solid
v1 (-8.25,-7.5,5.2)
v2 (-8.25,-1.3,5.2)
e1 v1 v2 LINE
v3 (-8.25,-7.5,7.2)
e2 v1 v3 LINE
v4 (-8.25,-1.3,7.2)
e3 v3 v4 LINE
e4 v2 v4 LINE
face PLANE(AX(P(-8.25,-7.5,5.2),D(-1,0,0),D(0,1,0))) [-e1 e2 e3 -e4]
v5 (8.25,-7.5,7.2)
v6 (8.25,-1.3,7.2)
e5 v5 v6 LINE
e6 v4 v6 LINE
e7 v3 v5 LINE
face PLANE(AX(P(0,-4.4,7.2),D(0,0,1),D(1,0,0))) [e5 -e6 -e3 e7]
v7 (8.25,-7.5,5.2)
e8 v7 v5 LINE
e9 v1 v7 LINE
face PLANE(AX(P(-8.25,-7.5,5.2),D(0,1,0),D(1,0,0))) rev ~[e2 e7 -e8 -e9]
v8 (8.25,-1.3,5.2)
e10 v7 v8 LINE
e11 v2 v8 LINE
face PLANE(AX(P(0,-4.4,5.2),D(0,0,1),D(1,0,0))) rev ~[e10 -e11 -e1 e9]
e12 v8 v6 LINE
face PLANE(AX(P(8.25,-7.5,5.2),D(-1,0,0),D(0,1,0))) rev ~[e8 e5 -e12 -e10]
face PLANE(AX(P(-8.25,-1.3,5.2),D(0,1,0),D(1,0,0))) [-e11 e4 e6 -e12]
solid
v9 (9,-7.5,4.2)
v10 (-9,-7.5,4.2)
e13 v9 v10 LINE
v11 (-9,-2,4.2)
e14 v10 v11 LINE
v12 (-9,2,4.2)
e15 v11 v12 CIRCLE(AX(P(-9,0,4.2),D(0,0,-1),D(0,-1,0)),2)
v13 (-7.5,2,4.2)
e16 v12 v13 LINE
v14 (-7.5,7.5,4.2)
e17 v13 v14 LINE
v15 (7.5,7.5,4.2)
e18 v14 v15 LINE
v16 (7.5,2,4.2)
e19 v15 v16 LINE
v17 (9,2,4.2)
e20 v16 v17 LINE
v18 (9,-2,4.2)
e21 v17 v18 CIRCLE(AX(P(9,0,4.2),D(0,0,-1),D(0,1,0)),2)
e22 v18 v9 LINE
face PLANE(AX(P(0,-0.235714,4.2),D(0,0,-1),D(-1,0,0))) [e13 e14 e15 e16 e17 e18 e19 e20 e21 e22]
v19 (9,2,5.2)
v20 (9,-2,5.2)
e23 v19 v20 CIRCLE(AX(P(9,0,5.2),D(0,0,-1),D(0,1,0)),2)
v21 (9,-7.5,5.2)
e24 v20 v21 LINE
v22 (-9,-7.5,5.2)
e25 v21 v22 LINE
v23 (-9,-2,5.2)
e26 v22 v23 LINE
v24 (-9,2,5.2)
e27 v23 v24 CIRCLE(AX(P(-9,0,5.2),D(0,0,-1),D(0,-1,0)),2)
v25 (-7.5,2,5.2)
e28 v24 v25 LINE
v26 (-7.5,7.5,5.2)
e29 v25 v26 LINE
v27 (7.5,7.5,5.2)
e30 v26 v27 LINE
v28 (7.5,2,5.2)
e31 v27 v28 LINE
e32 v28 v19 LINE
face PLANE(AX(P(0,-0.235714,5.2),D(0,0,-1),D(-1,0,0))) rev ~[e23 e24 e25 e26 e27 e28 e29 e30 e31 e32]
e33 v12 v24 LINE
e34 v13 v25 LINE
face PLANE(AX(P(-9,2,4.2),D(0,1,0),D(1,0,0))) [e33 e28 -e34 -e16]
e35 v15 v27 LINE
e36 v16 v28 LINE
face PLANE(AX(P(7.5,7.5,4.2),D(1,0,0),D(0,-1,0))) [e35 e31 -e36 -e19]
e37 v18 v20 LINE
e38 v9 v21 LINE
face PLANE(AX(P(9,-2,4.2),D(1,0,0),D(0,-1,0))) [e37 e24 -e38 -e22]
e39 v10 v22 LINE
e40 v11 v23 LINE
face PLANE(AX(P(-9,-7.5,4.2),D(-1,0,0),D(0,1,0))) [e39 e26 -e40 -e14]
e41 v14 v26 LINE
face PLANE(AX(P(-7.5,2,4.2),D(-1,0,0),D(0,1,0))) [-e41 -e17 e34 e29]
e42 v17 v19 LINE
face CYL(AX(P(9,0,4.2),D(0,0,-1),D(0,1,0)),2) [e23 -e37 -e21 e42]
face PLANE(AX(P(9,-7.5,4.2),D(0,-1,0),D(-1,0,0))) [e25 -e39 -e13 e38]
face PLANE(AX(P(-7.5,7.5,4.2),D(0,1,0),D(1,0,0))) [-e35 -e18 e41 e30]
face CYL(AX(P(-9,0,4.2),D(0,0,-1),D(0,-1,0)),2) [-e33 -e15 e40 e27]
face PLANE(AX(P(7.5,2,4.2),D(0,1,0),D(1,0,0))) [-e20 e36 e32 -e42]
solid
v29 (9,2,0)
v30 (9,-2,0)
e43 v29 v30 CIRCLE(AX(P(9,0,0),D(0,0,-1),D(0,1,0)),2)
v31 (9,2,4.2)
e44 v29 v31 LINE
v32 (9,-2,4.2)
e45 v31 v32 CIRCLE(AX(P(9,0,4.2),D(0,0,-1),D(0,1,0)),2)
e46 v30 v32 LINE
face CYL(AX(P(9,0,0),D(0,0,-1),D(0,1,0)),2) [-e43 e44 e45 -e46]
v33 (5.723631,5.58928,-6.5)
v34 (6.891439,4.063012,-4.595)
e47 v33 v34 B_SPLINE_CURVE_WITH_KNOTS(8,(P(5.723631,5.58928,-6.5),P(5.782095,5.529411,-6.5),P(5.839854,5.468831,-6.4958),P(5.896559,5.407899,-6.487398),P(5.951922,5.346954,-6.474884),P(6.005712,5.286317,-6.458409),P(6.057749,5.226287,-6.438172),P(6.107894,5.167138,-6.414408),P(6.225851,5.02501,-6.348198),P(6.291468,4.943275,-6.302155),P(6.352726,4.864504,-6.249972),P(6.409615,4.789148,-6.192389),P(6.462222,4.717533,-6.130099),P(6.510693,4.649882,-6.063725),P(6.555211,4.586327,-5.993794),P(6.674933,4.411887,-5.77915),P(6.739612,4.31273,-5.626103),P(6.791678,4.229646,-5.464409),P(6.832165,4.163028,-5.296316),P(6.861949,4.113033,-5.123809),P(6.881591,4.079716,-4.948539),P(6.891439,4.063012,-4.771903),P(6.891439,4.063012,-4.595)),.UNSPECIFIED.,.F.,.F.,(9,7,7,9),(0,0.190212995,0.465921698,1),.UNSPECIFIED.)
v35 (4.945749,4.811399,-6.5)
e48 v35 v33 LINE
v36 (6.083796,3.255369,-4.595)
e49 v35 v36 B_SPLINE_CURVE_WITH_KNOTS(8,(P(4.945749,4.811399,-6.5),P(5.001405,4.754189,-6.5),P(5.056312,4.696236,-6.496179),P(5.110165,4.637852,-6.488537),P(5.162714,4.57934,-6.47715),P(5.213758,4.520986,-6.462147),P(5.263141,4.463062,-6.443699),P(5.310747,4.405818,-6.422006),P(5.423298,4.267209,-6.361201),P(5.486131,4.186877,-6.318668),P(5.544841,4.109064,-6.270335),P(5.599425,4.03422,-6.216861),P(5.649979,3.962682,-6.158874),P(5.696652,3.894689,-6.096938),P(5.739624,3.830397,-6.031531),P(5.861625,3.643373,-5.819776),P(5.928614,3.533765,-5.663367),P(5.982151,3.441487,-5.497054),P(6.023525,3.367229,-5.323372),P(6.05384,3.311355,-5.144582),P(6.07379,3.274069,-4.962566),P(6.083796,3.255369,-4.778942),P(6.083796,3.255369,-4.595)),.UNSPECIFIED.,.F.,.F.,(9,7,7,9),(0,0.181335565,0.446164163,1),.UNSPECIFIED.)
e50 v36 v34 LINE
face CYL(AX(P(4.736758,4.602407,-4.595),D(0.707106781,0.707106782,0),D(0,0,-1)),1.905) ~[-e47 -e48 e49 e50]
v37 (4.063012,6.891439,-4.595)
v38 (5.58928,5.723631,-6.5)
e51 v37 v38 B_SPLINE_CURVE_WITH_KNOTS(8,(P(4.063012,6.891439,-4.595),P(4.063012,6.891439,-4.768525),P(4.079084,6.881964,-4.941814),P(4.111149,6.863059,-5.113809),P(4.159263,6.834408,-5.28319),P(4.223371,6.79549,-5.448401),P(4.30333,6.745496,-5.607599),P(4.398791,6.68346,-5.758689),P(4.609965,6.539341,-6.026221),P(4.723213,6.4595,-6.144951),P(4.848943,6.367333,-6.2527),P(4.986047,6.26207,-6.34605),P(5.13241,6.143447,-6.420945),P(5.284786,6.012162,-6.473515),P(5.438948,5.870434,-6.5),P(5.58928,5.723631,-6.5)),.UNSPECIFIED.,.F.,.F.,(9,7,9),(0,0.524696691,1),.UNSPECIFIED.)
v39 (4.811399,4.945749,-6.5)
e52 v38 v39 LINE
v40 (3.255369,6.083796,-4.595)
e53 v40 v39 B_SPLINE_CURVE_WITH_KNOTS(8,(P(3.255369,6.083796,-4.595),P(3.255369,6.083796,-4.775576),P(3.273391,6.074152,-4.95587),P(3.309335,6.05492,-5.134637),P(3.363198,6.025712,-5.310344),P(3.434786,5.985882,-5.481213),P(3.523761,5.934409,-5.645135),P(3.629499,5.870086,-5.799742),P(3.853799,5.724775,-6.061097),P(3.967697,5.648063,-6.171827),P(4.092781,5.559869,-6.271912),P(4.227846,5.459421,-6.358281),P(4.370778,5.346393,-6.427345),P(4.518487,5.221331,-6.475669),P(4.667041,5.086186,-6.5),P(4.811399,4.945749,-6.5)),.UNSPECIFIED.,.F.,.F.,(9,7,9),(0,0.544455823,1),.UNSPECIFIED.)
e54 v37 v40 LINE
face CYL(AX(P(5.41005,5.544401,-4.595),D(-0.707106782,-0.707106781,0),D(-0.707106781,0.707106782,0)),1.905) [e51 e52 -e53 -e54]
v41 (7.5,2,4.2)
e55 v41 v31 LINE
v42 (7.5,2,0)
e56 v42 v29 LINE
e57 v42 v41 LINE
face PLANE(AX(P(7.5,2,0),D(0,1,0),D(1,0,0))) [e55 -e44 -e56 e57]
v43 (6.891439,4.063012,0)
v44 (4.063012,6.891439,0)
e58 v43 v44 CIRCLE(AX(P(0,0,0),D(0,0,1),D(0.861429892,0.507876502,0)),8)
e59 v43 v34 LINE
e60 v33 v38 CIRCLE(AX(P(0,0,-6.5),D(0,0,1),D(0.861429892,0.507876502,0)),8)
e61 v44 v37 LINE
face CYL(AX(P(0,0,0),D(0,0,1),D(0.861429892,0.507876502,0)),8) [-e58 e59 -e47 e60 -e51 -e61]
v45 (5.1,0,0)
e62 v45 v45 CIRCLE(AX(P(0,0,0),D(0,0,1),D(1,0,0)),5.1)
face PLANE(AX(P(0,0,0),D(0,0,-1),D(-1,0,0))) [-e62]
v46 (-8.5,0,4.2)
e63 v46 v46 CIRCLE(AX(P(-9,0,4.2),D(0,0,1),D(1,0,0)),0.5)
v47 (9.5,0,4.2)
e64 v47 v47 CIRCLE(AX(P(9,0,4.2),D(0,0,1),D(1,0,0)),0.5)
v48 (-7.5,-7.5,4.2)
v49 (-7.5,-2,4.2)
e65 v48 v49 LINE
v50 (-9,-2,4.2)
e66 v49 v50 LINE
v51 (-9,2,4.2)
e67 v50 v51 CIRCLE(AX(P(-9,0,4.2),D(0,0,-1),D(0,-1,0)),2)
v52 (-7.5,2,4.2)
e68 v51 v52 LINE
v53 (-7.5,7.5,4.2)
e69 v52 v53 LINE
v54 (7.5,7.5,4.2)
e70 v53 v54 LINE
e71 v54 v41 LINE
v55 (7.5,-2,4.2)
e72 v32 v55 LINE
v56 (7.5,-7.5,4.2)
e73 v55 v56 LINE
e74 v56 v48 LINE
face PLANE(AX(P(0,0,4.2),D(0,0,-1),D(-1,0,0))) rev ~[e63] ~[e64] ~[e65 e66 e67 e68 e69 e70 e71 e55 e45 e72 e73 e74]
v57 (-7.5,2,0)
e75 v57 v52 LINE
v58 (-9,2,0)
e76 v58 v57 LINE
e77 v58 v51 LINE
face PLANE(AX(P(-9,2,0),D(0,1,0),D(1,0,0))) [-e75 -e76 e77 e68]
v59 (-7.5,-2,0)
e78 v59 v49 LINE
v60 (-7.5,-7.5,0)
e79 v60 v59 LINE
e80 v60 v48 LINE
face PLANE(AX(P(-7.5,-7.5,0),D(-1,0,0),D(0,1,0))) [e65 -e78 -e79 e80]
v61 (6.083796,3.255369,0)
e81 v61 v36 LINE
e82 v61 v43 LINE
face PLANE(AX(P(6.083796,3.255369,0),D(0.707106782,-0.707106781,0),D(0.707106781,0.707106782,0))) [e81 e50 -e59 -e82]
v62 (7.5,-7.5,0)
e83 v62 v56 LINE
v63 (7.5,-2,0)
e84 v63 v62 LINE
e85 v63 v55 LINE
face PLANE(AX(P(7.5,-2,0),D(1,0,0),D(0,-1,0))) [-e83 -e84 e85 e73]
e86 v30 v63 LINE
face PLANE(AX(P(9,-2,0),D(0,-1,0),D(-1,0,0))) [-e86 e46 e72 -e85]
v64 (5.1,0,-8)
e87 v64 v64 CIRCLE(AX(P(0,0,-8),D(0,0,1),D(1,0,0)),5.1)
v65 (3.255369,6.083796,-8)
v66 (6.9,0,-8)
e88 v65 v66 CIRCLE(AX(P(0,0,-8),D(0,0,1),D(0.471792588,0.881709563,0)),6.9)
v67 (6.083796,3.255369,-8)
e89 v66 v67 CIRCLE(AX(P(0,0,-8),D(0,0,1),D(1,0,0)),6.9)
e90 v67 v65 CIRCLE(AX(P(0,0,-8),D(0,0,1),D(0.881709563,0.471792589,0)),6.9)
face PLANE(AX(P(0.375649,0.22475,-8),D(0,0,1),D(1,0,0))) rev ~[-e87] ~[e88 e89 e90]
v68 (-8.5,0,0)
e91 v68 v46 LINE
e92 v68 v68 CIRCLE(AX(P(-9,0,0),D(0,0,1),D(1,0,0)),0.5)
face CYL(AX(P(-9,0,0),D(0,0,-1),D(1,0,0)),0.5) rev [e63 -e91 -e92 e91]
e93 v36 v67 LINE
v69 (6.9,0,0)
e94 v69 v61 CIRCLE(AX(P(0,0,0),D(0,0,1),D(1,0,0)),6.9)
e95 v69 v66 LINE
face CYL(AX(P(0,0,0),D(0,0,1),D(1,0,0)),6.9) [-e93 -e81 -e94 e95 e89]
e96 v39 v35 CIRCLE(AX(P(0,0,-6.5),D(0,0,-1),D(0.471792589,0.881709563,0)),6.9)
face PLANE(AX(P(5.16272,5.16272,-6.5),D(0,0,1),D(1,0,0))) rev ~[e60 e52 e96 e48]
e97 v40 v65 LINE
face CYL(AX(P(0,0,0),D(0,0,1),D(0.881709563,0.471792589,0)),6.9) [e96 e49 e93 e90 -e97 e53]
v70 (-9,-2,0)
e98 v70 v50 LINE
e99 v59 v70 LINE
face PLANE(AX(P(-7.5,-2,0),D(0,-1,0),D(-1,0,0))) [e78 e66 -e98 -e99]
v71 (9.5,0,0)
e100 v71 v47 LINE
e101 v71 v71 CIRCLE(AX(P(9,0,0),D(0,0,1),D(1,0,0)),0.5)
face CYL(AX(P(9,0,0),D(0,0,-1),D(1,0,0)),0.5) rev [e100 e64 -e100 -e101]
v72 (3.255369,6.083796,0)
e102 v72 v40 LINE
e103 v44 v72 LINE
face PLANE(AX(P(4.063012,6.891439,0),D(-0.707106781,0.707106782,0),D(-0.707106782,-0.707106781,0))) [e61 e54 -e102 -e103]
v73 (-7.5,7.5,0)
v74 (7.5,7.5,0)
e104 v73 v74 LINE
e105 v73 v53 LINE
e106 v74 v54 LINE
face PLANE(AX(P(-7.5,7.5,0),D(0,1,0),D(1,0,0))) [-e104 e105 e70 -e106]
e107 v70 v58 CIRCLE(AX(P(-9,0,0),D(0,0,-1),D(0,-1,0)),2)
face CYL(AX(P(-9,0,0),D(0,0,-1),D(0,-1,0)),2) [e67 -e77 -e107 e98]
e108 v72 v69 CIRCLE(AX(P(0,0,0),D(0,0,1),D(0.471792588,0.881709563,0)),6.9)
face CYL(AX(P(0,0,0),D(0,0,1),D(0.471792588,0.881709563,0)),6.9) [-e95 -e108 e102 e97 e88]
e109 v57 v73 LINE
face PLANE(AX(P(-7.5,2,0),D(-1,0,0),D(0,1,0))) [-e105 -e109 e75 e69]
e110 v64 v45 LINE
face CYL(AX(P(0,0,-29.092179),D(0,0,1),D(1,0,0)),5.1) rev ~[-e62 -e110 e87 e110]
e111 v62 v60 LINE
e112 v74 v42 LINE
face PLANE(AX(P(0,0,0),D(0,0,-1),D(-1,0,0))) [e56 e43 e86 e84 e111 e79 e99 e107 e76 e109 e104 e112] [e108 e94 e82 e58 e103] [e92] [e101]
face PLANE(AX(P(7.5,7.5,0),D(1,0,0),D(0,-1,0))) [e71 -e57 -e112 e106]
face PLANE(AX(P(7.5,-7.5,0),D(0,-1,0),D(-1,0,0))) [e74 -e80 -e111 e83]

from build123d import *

# Parameters (mm, degrees)
BOSS_EXTRUDE1_DEPTH      = 8
BOSS_EXTRUDE2_DEPTH      = 6.5
FILLET1_R                = 1.905
TAP_DRILL_FOR_M12_TAP1_D = 10.2
SKETCH4_R                = 0.5
BOSS_EXTRUDE3_DEPTH      = 4.2
BOSS_EXTRUDE4_DEPTH      = 1
SKETCH6_W                = 16.5
SKETCH6_H                = 6.2
BOSS_EXTRUDE5_DEPTH      = 2


with BuildPart() as part:
    # Sketch1 → Boss-Extrude1 (new body)
    with BuildSketch(Plane.XY):
        with BuildLine():
            ThreePointArc((6.083795985, 3.25536886), (4.87903679, 4.87903679), (3.25536886, 6.083795985))
            ThreePointArc((3.25536886, 6.083795985), (-5.919123463, -3.545980461), (6.9, 0))
            ThreePointArc((6.9, 0), (6.692839169, 1.678065509), (6.083795985, 3.25536886))
        make_face()
    extrude(amount=-BOSS_EXTRUDE1_DEPTH)

    # Sketch1<3> → Boss-Extrude2 (add)
    with BuildSketch(Plane.XY):
        with BuildLine():
            Line((4.063012013, 6.891439137), (3.25536886, 6.083795985))
            ThreePointArc((3.25536886, 6.083795985), (4.87903679, 4.87903679), (6.083795985, 3.25536886))
            Line((6.083795985, 3.25536886), (6.891439137, 4.063012013))
            ThreePointArc((6.891439137, 4.063012013), (5.656854249, 5.656854249), (4.063012013, 6.891439137))
        make_face()
    extrude(amount=-BOSS_EXTRUDE2_DEPTH)

    # Fillet1
    fillet1_edges = [part.edges().sort_by_distance(p)[0] for p in [
        (3.659190436, 6.487617561, -6.5),
        (6.487617561, 3.659190436, -6.5),
    ]]
    fillet(fillet1_edges, radius=FILLET1_R)

    # Tap Drill for M12 Tap1 (through all)
    with Locations(Plane(origin=(0, 0, -8), x_dir=(-1, 0, 0), z_dir=(0, 0, -1))):
        with Locations((0, 0)):
            Hole(TAP_DRILL_FOR_M12_TAP1_D / 2)

    # Sketch4 → Boss-Extrude3 (add)
    with BuildSketch(Plane.XY):
        with BuildLine():
            Line((-7.5, 7.5), (7.5, 7.5))
            Line((7.5, 7.5), (7.5, 2))
            Line((7.5, 2), (9, 2))
            ThreePointArc((9, 2), (11, 0), (9, -2))
            Line((9, -2), (7.5, -2))
            Line((7.5, -2), (7.5, -7.5))
            Line((7.5, -7.5), (-7.5, -7.5))
            Line((-7.5, -7.5), (-7.5, -2))
            Line((-7.5, -2), (-9, -2))
            ThreePointArc((-9, -2), (-11, 0), (-9, 2))
            Line((-9, 2), (-7.5, 2))
            Line((-7.5, 2), (-7.5, 7.5))
        make_face()
        with Locations((9, 0)):
            Circle(SKETCH4_R, mode=Mode.SUBTRACT)
        with Locations((-9, 0)):
            Circle(SKETCH4_R, mode=Mode.SUBTRACT)
    extrude(amount=BOSS_EXTRUDE3_DEPTH)


with BuildPart() as body_2:
    # Sketch5 → Boss-Extrude4 (new body)
    with BuildSketch(Plane.XY.offset(4.2)):
        with BuildLine():
            Line((9, -2), (9, -7.5))
            Line((9, -7.5), (-9, -7.5))
            Line((-9, -7.5), (-9, -2))
            ThreePointArc((-9, -2), (-11, 0), (-9, 2))
            Line((-9, 2), (-7.5, 2))
            Line((-7.5, 2), (-7.5, 7.5))
            Line((-7.5, 7.5), (7.5, 7.5))
            Line((7.5, 7.5), (7.5, 2))
            Line((7.5, 2), (9, 2))
            ThreePointArc((9, 2), (11, 0), (9, -2))
        make_face()
    extrude(amount=BOSS_EXTRUDE4_DEPTH)


with BuildPart() as body_3:
    # Sketch6 → Boss-Extrude5 (new body)
    with BuildSketch(Plane.XY.offset(5.2)):
        with Locations((0, -4.4)):
            Rectangle(SKETCH6_W, SKETCH6_H)
    extrude(amount=BOSS_EXTRUDE5_DEPTH)


solid = Compound([part.part, body_2.part, body_3.part])
